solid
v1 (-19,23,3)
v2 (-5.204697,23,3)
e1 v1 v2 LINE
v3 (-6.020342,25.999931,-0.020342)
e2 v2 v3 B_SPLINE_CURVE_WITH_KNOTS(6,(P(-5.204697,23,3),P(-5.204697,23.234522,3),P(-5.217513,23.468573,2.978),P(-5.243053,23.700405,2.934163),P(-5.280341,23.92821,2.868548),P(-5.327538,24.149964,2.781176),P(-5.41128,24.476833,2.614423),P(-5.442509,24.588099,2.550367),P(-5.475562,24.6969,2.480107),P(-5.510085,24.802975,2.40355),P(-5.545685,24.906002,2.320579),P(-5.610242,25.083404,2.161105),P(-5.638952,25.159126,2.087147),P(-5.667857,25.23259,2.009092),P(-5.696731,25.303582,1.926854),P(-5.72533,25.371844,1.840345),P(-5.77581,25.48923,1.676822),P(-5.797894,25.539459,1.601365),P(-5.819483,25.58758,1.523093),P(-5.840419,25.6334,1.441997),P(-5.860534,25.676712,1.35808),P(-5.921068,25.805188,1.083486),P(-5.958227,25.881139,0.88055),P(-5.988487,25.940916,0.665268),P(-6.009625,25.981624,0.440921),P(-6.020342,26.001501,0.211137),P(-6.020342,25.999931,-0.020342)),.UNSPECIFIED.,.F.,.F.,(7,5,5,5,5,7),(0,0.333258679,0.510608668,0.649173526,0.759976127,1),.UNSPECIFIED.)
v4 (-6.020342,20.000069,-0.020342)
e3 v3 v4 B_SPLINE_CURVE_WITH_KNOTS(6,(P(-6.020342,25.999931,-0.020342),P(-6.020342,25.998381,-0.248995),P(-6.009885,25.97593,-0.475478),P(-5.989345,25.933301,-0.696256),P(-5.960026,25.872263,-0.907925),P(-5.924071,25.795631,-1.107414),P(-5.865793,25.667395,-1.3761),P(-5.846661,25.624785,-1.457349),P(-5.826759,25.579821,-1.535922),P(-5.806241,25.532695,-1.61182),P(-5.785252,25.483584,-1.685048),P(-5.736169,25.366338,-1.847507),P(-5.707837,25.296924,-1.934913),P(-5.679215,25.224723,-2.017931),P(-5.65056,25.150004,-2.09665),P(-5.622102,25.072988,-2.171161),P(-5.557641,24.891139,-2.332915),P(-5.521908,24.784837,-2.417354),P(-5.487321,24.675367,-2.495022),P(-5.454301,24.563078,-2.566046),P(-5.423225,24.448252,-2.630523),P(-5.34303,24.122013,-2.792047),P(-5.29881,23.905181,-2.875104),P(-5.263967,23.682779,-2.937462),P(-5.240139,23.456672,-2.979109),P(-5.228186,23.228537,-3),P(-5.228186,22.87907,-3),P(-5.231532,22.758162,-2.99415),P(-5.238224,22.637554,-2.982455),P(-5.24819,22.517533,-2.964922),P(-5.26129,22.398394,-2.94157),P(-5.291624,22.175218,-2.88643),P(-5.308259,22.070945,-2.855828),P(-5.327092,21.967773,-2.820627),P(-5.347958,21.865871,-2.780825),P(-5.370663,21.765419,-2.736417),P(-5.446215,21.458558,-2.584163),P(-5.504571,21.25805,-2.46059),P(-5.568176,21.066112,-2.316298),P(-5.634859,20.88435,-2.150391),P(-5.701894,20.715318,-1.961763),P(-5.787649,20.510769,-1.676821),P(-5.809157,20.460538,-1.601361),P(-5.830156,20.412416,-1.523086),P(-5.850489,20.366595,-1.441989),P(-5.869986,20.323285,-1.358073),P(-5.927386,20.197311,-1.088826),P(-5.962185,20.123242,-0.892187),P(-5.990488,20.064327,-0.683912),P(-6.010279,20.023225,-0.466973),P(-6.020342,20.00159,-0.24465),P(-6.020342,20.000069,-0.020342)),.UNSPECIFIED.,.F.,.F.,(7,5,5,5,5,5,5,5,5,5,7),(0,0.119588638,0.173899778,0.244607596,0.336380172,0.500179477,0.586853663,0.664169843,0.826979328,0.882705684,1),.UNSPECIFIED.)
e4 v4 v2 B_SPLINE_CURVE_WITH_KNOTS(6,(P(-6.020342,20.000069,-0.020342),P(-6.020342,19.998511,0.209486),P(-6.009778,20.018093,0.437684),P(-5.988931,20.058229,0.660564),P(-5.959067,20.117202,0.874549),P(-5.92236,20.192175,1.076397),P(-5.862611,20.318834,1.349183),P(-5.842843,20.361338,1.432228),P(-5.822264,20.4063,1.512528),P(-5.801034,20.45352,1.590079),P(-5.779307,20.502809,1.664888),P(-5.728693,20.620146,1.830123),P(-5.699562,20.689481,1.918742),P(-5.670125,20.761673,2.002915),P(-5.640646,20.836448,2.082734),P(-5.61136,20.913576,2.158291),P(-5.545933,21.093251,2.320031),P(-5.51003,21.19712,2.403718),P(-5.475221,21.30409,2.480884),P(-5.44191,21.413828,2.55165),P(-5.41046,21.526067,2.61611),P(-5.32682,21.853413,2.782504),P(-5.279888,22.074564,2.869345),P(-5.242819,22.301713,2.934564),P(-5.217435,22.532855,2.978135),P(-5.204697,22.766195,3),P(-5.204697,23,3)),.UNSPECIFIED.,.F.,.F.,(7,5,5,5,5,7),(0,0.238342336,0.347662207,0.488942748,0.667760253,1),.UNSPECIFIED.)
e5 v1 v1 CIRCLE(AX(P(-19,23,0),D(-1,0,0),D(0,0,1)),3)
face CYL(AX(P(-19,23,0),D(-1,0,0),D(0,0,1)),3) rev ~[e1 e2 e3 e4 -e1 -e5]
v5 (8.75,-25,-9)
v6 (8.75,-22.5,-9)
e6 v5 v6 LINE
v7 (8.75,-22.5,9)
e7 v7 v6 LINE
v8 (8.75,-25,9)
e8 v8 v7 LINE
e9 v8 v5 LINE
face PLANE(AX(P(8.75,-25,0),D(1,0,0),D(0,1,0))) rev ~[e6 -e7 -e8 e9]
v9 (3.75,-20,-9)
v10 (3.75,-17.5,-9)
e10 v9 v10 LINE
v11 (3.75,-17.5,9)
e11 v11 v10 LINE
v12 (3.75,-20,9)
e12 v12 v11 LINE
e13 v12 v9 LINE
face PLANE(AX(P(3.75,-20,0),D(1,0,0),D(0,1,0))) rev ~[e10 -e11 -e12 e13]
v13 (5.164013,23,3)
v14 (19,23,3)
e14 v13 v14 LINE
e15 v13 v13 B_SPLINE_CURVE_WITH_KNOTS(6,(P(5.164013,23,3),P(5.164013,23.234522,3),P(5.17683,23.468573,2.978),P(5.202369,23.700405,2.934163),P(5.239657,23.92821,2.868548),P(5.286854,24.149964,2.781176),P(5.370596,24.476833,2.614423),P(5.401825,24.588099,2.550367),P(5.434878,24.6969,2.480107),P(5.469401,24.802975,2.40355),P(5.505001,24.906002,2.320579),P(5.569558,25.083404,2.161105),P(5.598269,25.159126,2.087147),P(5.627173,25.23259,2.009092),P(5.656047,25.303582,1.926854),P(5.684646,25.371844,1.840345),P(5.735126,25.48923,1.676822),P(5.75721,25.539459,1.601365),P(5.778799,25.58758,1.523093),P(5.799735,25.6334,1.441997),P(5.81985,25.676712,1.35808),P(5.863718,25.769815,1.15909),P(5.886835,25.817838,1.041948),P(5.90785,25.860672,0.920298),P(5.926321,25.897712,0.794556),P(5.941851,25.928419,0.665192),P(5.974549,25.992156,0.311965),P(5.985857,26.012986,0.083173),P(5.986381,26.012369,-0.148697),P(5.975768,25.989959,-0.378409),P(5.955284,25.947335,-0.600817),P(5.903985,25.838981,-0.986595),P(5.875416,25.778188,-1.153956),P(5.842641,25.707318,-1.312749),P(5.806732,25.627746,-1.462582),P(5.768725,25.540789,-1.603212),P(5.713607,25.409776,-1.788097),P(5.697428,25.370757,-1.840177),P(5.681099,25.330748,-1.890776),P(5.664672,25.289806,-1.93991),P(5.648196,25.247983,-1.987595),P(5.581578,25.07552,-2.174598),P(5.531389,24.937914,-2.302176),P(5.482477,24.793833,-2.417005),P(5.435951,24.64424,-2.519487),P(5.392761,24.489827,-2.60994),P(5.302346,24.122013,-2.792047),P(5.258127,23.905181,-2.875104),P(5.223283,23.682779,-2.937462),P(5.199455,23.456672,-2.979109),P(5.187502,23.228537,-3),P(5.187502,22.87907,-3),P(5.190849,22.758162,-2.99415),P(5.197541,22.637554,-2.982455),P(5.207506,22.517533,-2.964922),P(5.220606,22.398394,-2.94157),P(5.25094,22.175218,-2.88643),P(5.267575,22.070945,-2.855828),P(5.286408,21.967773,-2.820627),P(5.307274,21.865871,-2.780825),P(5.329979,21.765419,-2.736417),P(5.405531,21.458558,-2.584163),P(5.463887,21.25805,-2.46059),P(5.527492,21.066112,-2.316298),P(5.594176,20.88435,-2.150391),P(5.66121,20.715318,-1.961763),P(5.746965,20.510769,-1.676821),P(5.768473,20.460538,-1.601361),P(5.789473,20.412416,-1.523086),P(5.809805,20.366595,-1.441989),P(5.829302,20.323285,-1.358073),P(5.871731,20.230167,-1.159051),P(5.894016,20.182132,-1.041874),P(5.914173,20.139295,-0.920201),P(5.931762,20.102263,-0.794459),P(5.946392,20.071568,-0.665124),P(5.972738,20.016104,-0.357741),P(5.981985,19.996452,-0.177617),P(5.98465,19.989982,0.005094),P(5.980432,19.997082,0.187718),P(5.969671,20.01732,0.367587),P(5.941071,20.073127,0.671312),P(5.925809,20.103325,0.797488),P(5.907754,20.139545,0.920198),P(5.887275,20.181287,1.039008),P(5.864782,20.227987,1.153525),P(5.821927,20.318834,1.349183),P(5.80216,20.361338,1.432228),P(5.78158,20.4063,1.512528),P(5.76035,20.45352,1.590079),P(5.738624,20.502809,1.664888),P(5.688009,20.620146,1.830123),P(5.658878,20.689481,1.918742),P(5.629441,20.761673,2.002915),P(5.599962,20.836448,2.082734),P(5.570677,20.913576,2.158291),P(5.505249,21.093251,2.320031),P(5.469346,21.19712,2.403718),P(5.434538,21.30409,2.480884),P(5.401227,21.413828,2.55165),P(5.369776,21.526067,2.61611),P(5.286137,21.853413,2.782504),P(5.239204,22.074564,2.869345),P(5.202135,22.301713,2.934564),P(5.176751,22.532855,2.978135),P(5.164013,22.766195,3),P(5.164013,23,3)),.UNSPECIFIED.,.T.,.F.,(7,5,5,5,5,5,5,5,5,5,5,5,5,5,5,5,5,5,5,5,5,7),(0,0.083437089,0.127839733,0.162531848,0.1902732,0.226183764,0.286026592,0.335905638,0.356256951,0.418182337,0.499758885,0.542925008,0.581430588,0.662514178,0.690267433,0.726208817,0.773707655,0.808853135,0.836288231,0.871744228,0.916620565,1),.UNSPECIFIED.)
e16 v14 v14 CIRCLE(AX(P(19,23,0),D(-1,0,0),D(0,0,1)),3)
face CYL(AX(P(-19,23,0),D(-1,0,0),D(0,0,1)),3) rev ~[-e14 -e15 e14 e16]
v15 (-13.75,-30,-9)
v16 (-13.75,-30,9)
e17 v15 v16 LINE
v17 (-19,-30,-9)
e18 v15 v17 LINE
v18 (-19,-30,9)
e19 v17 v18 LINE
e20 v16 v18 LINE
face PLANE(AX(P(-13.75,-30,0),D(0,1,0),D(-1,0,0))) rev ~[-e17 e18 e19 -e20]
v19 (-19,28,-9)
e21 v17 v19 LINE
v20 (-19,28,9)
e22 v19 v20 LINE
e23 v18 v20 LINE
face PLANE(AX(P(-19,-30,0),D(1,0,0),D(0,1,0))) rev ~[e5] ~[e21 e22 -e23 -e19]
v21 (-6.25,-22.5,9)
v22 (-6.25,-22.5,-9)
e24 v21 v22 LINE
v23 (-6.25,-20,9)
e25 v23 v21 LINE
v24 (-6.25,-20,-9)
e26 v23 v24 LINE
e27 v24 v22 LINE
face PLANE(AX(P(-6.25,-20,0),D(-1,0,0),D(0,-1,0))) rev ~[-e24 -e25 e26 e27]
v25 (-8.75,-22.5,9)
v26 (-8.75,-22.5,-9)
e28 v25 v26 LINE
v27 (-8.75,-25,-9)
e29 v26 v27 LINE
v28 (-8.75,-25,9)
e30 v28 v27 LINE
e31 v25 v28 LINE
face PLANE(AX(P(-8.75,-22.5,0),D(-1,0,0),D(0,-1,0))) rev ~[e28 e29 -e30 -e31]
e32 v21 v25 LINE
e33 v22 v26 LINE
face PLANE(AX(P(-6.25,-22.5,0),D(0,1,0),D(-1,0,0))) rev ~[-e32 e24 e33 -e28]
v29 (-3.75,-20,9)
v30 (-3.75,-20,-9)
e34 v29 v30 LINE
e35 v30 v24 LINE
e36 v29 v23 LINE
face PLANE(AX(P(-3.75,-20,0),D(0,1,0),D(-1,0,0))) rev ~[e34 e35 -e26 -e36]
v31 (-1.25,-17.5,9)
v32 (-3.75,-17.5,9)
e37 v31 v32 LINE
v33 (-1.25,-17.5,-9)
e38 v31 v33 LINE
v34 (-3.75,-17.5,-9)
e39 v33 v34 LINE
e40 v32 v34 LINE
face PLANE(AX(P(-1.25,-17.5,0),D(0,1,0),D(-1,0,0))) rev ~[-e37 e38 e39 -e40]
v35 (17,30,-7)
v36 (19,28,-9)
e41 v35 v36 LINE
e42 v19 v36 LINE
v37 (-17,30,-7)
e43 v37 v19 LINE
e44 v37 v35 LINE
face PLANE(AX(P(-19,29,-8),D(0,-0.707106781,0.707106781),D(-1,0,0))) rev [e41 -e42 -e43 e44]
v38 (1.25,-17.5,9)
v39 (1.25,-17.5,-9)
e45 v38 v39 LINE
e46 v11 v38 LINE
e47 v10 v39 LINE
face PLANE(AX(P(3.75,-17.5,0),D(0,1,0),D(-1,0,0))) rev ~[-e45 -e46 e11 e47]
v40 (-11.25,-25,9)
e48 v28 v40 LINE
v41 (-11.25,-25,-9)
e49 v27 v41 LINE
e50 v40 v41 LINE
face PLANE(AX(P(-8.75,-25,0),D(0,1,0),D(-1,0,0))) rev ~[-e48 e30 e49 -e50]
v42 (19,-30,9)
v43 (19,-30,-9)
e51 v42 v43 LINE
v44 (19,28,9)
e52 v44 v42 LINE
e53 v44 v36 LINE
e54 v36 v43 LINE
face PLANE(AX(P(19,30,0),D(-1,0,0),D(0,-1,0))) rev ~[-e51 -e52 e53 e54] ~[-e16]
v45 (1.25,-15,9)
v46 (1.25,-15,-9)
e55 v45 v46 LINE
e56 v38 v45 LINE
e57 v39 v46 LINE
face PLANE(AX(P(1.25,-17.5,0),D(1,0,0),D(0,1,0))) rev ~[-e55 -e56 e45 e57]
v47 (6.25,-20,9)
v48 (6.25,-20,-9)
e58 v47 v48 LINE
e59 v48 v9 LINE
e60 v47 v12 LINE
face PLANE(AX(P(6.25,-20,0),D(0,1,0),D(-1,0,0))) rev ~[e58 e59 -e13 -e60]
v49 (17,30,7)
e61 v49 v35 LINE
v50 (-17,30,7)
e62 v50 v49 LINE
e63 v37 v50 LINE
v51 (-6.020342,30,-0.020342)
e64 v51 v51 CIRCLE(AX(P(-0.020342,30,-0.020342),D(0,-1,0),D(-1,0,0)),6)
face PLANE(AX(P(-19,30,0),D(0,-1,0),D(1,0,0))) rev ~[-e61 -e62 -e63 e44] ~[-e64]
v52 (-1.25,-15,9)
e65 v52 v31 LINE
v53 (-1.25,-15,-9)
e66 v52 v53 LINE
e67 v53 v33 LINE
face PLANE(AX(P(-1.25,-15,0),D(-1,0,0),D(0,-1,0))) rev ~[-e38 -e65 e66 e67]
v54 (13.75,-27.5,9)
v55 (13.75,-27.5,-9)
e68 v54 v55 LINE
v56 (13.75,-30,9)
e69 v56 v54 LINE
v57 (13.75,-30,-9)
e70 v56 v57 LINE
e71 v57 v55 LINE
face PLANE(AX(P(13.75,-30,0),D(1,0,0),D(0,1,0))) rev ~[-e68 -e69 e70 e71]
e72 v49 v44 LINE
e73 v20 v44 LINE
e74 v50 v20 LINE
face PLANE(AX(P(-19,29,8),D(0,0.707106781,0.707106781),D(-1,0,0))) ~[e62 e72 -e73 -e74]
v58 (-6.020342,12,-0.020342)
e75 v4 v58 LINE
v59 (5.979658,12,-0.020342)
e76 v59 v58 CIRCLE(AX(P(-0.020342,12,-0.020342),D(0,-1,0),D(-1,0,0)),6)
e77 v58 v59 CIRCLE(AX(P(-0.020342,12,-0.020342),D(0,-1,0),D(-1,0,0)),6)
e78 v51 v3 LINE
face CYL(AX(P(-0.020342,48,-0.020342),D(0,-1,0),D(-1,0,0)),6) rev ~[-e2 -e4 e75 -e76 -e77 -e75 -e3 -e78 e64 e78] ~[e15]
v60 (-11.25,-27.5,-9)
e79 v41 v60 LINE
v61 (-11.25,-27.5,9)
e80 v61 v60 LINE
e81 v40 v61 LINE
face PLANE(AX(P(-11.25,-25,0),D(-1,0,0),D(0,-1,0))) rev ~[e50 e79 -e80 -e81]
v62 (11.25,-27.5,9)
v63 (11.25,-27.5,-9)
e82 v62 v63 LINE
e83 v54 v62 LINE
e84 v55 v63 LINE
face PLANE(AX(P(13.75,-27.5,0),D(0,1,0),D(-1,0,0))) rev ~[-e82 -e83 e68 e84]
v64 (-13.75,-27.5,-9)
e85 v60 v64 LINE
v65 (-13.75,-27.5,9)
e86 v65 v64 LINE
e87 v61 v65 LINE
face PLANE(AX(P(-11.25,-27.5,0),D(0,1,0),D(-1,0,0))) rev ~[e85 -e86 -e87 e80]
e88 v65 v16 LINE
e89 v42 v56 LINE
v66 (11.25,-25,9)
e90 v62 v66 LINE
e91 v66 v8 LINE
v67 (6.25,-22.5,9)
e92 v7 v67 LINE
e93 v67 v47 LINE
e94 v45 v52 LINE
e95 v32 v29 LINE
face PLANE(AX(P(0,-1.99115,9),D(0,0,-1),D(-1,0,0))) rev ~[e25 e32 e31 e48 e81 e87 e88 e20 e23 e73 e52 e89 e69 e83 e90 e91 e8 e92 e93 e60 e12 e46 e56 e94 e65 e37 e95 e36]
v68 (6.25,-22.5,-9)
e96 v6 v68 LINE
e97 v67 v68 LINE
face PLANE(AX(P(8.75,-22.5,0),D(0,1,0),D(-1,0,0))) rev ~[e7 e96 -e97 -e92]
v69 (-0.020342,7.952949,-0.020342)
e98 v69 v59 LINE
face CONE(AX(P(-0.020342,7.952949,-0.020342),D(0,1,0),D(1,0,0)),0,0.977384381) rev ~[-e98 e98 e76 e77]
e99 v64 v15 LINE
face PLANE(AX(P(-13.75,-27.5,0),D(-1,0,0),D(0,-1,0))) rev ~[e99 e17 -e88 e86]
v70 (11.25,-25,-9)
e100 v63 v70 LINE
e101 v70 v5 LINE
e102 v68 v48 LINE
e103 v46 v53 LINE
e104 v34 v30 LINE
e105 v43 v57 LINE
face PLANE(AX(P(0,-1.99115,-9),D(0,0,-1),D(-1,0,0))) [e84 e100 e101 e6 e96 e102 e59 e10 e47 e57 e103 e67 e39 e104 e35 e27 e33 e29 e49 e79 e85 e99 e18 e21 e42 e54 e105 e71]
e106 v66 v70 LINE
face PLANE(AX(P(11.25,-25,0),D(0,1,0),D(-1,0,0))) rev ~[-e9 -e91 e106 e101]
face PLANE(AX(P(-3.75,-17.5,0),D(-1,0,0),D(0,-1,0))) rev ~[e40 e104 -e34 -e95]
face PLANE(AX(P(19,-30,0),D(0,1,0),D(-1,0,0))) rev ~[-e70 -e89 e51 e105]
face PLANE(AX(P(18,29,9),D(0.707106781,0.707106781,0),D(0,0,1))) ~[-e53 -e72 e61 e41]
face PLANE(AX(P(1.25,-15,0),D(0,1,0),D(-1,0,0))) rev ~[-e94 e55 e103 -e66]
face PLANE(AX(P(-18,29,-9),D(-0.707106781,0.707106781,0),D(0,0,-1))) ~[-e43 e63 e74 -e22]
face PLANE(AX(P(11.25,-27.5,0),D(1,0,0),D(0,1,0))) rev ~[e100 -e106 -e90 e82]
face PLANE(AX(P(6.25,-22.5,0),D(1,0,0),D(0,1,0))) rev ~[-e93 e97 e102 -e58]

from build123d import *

# Parameters (mm, degrees)
BOSS_EXTRUDE1_DEPTH        = 9
F_12_0MM_DOWEL_HOLE1_D     = 12
F_12_0MM_DOWEL_HOLE1_DEPTH = 18
F_12_0MM_DOWEL_HOLE1_TIP   = 4.047051101
SKETCH6_R                  = 3
CUT_EXTRUDE1_DEPTH         = 50.244289009
CHAMFER1_SIZE              = 2


with BuildPart() as part:
    # Sketch1 → Boss-Extrude1 (new, symmetric)
    with BuildSketch(Plane.XY):
        Polygon((-19, 30), (19, 30), (19, -30), (13.75, -30), (13.75, -27.5), (11.25, -27.5), (11.25, -25), (8.75, -25), (8.75, -22.5), (6.25, -22.5), (6.25, -20), (3.75, -20), (3.75, -17.5), (1.25, -17.5), (1.25, -15), (-1.25, -15), (-1.25, -17.5), (-3.75, -17.5), (-3.75, -20), (-6.25, -20), (-6.25, -22.5), (-8.75, -22.5), (-8.75, -25), (-11.25, -25), (-11.25, -27.5), (-13.75, -27.5), (-13.75, -30), (-19, -30), align=None)
    extrude(amount=BOSS_EXTRUDE1_DEPTH, both=True)

    # Ø12.0mm Dowel Hole1
    with Locations(Plane(origin=(-0.020341947, 30, -0.020341947), x_dir=(1, 0, 0), z_dir=(0, 1, 0))):
        with Locations((0, 0)):
            Hole(F_12_0MM_DOWEL_HOLE1_D / 2, depth=F_12_0MM_DOWEL_HOLE1_DEPTH)
            with Locations((0, 0, -(F_12_0MM_DOWEL_HOLE1_DEPTH + F_12_0MM_DOWEL_HOLE1_TIP / 2))):  # 112° drill point
                Cone(0, F_12_0MM_DOWEL_HOLE1_D / 2, F_12_0MM_DOWEL_HOLE1_TIP, mode=Mode.SUBTRACT)

    # Sketch6 → Cut-Extrude1 (cut, through all)
    with BuildSketch(Plane.ZY.offset(19)):
        with Locations((0, 23)):
            Circle(SKETCH6_R)
    extrude(amount=-CUT_EXTRUDE1_DEPTH, mode=Mode.SUBTRACT)

    # Chamfer1
    chamfer1_edges = [part.edges().sort_by_distance(p)[0] for p in [
        (0, 30, 9),
        (0, 30, -9),
        (-19, 30, 0),
        (19, 30, 0),
    ]]
    chamfer(chamfer1_edges, length=CHAMFER1_SIZE)


solid = part.part
